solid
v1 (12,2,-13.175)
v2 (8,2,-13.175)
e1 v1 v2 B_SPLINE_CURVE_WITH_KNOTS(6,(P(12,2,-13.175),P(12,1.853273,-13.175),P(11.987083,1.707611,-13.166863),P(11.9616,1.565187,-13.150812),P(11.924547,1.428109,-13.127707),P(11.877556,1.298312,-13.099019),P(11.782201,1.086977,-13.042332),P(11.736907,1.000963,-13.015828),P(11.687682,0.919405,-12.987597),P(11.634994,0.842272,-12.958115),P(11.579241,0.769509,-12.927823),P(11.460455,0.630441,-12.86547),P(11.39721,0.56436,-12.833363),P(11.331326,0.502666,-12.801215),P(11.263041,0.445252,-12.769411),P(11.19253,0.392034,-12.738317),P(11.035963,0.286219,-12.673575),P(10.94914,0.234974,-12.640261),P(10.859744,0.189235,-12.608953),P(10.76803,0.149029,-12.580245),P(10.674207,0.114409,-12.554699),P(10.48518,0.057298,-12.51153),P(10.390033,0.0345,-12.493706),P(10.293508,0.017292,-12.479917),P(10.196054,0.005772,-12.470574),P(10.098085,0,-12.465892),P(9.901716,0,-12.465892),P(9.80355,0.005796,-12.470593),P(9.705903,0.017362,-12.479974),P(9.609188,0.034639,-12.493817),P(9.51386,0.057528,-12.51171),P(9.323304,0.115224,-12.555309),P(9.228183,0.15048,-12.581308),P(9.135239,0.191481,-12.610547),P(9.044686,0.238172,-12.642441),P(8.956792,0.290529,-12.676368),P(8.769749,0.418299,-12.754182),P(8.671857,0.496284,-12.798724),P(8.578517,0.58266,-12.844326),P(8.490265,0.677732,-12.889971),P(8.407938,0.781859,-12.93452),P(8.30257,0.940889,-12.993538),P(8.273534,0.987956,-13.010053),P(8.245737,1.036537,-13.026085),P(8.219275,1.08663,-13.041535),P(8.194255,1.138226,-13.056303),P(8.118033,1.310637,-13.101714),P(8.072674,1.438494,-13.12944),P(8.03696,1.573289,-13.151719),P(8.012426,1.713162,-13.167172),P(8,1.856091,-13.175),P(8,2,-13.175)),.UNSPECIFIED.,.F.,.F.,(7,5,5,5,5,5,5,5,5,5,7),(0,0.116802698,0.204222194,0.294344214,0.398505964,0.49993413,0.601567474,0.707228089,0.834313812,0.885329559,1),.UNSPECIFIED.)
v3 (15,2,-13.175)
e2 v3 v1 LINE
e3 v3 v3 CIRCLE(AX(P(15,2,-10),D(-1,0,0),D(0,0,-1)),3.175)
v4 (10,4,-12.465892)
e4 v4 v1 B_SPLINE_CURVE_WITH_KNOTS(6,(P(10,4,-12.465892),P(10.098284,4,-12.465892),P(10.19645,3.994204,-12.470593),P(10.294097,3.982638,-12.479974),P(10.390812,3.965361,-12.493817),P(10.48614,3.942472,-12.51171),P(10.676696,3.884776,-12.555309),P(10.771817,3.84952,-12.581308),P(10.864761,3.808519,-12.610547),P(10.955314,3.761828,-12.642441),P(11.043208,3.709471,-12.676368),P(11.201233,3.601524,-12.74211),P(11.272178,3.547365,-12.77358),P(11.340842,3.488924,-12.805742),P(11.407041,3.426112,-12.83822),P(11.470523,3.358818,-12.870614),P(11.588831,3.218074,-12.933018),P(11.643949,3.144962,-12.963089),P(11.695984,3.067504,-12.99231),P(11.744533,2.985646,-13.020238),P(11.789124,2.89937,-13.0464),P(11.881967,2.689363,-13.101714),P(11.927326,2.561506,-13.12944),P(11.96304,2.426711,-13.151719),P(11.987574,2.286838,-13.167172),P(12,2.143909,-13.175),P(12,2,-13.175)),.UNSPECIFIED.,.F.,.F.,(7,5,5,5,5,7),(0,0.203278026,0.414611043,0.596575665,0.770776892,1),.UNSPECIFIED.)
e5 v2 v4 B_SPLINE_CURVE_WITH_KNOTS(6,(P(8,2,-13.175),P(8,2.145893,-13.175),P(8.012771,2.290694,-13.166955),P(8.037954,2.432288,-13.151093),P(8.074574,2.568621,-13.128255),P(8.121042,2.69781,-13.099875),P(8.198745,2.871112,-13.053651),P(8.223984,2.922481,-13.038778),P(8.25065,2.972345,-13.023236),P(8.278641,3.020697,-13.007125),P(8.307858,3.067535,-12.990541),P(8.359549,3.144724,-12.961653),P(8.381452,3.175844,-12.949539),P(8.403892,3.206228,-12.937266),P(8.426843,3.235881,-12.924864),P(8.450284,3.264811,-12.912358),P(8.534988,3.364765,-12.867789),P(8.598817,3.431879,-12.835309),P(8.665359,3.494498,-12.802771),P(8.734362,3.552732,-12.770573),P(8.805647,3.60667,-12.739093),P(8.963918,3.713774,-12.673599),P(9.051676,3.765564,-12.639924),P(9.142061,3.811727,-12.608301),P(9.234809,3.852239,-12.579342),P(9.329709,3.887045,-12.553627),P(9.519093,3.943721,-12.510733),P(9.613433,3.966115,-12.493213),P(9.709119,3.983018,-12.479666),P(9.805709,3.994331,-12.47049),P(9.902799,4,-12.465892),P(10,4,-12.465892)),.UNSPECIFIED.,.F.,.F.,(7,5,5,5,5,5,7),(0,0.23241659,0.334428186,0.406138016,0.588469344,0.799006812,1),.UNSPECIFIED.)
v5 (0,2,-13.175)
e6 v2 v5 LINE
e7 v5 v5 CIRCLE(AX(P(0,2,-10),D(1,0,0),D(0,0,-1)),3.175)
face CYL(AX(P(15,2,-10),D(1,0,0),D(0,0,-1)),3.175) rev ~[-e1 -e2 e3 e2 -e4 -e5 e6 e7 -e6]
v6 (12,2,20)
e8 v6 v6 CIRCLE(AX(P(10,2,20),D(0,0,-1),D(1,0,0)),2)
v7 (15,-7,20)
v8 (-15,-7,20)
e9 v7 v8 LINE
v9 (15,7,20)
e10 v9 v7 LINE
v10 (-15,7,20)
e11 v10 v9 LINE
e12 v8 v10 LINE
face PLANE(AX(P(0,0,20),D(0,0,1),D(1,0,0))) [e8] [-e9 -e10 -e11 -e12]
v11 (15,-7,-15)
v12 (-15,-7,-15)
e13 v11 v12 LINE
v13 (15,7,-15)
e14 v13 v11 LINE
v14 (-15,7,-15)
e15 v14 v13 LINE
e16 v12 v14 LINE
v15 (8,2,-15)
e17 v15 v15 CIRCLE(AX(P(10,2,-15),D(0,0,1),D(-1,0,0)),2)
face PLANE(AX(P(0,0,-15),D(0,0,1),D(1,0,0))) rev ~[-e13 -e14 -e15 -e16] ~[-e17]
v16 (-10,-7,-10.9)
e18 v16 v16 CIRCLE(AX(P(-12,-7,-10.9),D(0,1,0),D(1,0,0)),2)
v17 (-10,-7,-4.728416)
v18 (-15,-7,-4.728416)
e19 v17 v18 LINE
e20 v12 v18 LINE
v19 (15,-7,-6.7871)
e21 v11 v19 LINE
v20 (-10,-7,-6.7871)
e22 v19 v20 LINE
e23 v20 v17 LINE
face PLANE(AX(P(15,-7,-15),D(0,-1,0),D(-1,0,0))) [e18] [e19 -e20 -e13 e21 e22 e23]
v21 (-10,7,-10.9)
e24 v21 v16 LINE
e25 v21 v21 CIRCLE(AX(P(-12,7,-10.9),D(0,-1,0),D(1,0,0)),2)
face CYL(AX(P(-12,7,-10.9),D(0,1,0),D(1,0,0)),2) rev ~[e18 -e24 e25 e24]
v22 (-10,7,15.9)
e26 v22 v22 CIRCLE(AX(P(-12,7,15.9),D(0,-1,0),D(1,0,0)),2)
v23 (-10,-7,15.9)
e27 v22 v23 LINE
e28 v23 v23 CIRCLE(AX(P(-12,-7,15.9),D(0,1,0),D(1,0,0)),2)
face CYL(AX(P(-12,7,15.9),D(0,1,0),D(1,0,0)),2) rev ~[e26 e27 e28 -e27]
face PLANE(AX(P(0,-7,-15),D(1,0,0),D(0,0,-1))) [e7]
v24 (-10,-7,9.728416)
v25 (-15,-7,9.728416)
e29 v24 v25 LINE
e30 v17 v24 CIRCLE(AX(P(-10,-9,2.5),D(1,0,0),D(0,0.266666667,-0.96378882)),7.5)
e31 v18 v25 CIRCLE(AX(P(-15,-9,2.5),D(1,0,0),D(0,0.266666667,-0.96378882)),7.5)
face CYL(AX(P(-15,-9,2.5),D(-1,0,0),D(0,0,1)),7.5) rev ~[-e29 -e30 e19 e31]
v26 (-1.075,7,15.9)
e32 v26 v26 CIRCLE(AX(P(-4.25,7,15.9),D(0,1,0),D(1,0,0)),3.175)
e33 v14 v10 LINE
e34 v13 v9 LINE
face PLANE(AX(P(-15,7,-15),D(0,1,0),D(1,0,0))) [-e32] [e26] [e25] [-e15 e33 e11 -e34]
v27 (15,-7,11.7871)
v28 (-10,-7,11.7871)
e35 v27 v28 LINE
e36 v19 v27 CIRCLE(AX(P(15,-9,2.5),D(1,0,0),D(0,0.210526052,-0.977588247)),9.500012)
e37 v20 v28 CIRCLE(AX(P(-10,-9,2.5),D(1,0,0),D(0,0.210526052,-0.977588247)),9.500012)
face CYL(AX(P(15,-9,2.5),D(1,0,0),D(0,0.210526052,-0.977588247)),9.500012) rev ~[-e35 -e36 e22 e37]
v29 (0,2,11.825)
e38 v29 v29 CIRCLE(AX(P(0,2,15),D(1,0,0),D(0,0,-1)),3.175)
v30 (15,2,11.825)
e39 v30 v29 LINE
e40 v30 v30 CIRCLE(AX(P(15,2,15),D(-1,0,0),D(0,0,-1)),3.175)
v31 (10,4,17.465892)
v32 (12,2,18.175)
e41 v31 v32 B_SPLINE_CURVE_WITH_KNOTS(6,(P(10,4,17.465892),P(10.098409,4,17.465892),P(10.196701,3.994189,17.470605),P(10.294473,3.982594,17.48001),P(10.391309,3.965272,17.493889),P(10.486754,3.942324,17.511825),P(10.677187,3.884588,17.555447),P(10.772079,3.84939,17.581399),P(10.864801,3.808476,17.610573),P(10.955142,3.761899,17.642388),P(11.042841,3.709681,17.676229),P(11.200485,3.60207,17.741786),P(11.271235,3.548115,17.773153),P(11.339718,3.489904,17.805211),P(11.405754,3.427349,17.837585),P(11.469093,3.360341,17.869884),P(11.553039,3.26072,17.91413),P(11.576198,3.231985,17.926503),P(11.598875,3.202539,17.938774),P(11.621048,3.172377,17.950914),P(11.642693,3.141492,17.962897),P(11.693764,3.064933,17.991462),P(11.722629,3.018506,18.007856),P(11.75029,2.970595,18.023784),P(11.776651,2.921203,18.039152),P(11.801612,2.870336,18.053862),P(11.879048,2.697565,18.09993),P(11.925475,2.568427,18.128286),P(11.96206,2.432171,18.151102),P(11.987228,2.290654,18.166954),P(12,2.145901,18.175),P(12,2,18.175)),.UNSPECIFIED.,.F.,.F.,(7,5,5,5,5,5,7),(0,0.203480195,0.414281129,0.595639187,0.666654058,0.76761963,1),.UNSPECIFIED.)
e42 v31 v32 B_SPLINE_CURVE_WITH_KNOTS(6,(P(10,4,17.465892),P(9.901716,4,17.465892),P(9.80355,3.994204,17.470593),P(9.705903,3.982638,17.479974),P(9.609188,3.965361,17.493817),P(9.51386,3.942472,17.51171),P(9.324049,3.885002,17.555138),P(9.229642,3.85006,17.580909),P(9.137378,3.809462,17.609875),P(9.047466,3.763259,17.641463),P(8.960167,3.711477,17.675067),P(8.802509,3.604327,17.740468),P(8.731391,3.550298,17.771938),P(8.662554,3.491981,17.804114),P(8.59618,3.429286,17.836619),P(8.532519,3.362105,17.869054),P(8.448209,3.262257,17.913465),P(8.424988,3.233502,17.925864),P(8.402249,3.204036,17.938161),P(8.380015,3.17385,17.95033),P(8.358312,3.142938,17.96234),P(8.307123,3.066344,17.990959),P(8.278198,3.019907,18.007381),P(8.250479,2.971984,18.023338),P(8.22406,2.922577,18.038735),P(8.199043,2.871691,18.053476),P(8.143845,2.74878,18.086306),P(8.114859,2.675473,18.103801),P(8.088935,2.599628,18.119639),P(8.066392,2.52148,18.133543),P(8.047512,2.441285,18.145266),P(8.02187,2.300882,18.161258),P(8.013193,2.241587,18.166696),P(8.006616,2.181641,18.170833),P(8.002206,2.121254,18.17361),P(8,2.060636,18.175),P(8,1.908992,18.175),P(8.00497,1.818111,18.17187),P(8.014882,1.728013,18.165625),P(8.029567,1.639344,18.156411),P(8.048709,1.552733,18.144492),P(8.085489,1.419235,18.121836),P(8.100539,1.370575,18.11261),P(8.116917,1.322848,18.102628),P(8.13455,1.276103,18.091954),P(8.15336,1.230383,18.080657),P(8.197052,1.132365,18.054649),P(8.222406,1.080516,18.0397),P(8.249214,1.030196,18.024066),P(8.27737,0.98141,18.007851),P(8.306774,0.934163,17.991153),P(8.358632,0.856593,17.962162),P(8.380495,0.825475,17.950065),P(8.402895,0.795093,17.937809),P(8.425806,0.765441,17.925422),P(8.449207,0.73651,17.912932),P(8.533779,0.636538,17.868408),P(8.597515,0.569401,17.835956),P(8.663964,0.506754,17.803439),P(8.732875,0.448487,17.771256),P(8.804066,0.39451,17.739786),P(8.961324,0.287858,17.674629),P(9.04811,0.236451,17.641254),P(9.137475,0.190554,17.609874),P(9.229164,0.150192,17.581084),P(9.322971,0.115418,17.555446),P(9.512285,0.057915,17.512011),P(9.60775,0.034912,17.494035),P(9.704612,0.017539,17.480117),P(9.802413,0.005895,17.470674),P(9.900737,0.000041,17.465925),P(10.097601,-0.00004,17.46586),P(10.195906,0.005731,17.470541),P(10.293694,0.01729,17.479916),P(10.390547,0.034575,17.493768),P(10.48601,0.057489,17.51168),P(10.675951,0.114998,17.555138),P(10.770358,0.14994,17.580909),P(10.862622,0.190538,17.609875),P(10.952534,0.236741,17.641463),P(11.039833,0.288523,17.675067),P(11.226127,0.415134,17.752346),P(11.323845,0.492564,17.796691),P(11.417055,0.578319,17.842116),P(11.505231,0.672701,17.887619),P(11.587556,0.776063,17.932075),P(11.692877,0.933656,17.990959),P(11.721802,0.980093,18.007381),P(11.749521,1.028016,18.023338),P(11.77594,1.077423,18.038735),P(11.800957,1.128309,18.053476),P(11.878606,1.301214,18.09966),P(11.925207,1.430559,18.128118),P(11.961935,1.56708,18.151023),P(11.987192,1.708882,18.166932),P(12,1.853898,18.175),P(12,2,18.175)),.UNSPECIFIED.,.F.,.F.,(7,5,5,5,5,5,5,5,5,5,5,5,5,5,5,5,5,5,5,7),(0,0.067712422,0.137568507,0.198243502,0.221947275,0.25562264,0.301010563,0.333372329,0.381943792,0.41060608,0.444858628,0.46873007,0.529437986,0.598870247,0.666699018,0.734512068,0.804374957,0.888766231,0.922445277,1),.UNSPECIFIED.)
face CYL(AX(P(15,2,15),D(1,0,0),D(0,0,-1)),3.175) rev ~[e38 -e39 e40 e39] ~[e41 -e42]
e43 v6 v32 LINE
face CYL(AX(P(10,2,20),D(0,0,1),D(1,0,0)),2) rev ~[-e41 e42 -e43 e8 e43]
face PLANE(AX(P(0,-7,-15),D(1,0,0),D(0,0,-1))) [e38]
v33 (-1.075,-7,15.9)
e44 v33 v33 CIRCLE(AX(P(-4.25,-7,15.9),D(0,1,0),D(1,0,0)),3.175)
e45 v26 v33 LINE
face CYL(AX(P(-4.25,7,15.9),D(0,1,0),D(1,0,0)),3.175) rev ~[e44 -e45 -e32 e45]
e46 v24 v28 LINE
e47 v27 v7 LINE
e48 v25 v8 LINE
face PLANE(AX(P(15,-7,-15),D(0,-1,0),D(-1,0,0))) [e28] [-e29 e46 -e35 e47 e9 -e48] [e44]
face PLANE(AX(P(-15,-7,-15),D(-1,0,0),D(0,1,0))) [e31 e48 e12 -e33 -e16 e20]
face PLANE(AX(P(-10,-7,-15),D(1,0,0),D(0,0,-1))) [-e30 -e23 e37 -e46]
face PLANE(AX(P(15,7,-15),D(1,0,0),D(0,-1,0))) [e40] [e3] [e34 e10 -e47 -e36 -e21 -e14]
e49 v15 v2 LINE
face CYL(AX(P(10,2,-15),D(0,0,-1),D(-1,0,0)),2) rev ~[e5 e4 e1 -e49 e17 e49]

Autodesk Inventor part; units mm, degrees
ref_plane "YZ Plane" through (0, 0, 0) normal (1, 0, 0) x (0, 1, 0)
ref_plane "XZ Plane" through (0, 0, 0) normal (0, 1, 0) x (-1, 0, 0)
ref_plane "XY Plane" through (0, 0, 0) normal (0, 0, 1) x (1, 0, 0)
sketch "Sketch1" plane through (0, 0, 0) normal (0, 0, 1) x (1, 0, 0)
  line L0 (15, -7) -> (-15, -7)
  line L1 (-15, -7) -> (-15, 7)
  line L2 (-15, 7) -> (15, 7)
  line L3 (15, 7) -> (15, -7)
  line L4 (15, -7) -> (-15, 7) construction
  line L5 (-15, -7) -> (15, 7) construction
  point P0 (0, 0)
  dimension "d0" = 30
  dimension "d1" = 14
extrude "Extrusion1" add sketch "Sketch1" along normal blind 35
sketch "Sketch3" plane through (15, -7, 0) normal (1, 0, 0) x (0, 0, -1)
  line L0 (0, 0) -> (-35, 0) projected
  line L1 (-17.5, 0) -> (-17.5, -2)
  arc A0 (-8.2129, 0) -> (-26.7871, 0) centre (-17.5, -2) ccw
  point P0 (0, 7)
  dimension "d4" = 2
  dimension "d5" = 19
extrude "Extrusion2" cut sketch "Sketch3" against normal blind 25
sketch "Sketch5" plane through (-15, 7, 0) normal (0, 1, 0) x (1, 0, 0)
  line L0 (30, 0) -> (0, 0) projected
  line L1 (30, -35) -> (0, -35) projected
  line L2 (0, -35) -> (0, -30.9)
  line L3 (0, 0) -> (0, -35) projected
  line L4 (0, -30.9) -> (2.75, -30.9)
  circle A0 centre (2.75, -30.9) radius 2
  line L5 (0, 0) -> (0, -4.1)
  line L6 (0, -4.1) -> (2.75, -4.1)
  circle A1 centre (2.75, -4.1) radius 2
  line L7 (2.75, -30.9) -> (10.75, -30.9)
  circle A2 centre (10.75, -30.9) radius 3.175
  point P0 (15, 0)
  dimension "d11" = 4.1
  dimension "d12" = 2.75
  dimension "d13" = 4
  dimension "d14" = 4.1
  dimension "d15" = 2.75
  dimension "d16" = 4
  dimension "d17" = 8
  dimension "d18" = 6.35
extrude "Extrusion3" cut sketch "Sketch5" against normal blind 100 contours A2
sketch "Sketch6" plane through (-15, 7, 0) normal (0, 1, 0) x (1, 0, 0)
  point P0 (15, 0)
sketch "Sketch7" plane through (15, -7, 0) normal (1, 0, 0) x (0, 0, -1)
  line L0 (0, 14) -> (-35, 14) projected
  line L1 (-35, 14) -> (-30, 14)
  line L2 (-30, 14) -> (-30, 9)
  line L3 (0, 14) -> (0, 0) projected
  line L4 (0, 14) -> (-5, 14)
  line L5 (-5, 14) -> (-5, 9)
  circle A0 centre (-30, 9) radius 3.175
  circle A1 centre (-5, 9) radius 3.175
  point P0 (0, 7)
  dimension "d21" = 5
  dimension "d22" = 5
  dimension "d23" = 5
  dimension "d24" = 5
  dimension "d25" = 6.35
  dimension "d26" = 6.35
extrude "Extrusion4" cut sketch "Sketch7" against normal blind 15
move or copy body "Move Body1" bodies to move or copy 1 copy no translate (-20, 0, 0)
move or copy body "Move Body2" bodies to move or copy 1 copy no translate (-5, 0, 0)
sketch "Sketch8" plane through (0, 0, 0) normal (1, 0, 0) x (0, 1, 0)
  point P0 (0, 0)
sketch "Sketch9" plane through (-40, 7, 0) normal (0, 1, 0) x (1, 0, 0)
  line L0 (30, -35) -> (0, -35) projected
  line L1 (0, -35) -> (0, -30.9)
  line L2 (0, 0) -> (0, -35) projected
  line L3 (0, -30.9) -> (3, -30.9)
  circle A0 centre (3, -30.9) radius 2
  line L4 (0, 0) -> (0, -4.1)
  line L5 (0, -4.1) -> (3, -4.1)
  circle A1 centre (3, -4.1) radius 2
  point P0 (40, 0)
  dimension "d35" = 4.1
  dimension "d36" = 3
  dimension "d37" = 4
  dimension "d38" = 4.1
  dimension "d39" = 4
  dimension "d40" = 3
extrude "Extrusion5" cut sketch "Sketch9" against normal blind 14
sketch "Sketch14" plane through (-40, 7, 35) normal (0, 0, 1) x (1, 0, 0)
  line L0 (30, 0) -> (0, 0) projected
  line L1 (30, 0) -> (25, 0)
  line L2 (25, 0) -> (25, -5)
  circle A0 centre (25, -5) radius 2
  point P0 (40, -7)
  dimension "d47" = 5
  dimension "d48" = 5
  dimension "d49" = 4
extrude "Extrusion6" cut sketch "Sketch14" against normal blind 3
sketch "Sketch15" plane through (-10, 7, 0) normal (0, 0, -1) x (-1, 0, 0)
  line L0 (0, -14) -> (0, 0) projected
  line L1 (0, 0) -> (5, 0)
  line L2 (0, 0) -> (30, 0) projected
  line L3 (5, 0) -> (5, -5)
  circle A0 centre (5, -5) radius 2
  point P0 (-10, -7)
  dimension "d52" = 5
  dimension "d53" = 5
  dimension "d54" = 4
extrude "Extrusion7" cut sketch "Sketch15" against normal blind 4
thread "Thread3" size "M4x0.7" class "6H" standard "ANSI Metric M Profile" full length
thread "Thread4" size "M4x0.7" class "6H" standard "ANSI Metric M Profile" full length
sketch "Sketch16" plane through (-40, -7, 0) normal (-1, 0, 0) x (0, 0, 1)
  line L0 (0, 14) -> (35, 14) projected
  line L1 (0, 14) -> (17.5, 14)
  line L2 (17.5, 14) -> (17.5, -2)
  circle A0 centre (17.5, -2) radius 7.5
  point P0 (0, 7)
  dimension "d61" = 16
  dimension "d62" = 15
extrude "Extrusion8" cut sketch "Sketch16" against normal blind 15
move or copy body "Move Body3" bodies to move or copy 1 copy no translate (25, 0, 0)
move or copy body "Move Body4" bodies to move or copy 1 copy no translate (10, 0, -15)
move or copy body "Move Body5" bodies to move or copy 1 copy no translate (-10, 0, 0)
sketch "Sketch17" plane through (15, -7, -15) normal (1, 0, 0) x (0, 0, -1)
  point P0 (-15, 7)
equation "\"d55\" = d54"
properties part number "Rb oven housing top-back" material "Copper"
